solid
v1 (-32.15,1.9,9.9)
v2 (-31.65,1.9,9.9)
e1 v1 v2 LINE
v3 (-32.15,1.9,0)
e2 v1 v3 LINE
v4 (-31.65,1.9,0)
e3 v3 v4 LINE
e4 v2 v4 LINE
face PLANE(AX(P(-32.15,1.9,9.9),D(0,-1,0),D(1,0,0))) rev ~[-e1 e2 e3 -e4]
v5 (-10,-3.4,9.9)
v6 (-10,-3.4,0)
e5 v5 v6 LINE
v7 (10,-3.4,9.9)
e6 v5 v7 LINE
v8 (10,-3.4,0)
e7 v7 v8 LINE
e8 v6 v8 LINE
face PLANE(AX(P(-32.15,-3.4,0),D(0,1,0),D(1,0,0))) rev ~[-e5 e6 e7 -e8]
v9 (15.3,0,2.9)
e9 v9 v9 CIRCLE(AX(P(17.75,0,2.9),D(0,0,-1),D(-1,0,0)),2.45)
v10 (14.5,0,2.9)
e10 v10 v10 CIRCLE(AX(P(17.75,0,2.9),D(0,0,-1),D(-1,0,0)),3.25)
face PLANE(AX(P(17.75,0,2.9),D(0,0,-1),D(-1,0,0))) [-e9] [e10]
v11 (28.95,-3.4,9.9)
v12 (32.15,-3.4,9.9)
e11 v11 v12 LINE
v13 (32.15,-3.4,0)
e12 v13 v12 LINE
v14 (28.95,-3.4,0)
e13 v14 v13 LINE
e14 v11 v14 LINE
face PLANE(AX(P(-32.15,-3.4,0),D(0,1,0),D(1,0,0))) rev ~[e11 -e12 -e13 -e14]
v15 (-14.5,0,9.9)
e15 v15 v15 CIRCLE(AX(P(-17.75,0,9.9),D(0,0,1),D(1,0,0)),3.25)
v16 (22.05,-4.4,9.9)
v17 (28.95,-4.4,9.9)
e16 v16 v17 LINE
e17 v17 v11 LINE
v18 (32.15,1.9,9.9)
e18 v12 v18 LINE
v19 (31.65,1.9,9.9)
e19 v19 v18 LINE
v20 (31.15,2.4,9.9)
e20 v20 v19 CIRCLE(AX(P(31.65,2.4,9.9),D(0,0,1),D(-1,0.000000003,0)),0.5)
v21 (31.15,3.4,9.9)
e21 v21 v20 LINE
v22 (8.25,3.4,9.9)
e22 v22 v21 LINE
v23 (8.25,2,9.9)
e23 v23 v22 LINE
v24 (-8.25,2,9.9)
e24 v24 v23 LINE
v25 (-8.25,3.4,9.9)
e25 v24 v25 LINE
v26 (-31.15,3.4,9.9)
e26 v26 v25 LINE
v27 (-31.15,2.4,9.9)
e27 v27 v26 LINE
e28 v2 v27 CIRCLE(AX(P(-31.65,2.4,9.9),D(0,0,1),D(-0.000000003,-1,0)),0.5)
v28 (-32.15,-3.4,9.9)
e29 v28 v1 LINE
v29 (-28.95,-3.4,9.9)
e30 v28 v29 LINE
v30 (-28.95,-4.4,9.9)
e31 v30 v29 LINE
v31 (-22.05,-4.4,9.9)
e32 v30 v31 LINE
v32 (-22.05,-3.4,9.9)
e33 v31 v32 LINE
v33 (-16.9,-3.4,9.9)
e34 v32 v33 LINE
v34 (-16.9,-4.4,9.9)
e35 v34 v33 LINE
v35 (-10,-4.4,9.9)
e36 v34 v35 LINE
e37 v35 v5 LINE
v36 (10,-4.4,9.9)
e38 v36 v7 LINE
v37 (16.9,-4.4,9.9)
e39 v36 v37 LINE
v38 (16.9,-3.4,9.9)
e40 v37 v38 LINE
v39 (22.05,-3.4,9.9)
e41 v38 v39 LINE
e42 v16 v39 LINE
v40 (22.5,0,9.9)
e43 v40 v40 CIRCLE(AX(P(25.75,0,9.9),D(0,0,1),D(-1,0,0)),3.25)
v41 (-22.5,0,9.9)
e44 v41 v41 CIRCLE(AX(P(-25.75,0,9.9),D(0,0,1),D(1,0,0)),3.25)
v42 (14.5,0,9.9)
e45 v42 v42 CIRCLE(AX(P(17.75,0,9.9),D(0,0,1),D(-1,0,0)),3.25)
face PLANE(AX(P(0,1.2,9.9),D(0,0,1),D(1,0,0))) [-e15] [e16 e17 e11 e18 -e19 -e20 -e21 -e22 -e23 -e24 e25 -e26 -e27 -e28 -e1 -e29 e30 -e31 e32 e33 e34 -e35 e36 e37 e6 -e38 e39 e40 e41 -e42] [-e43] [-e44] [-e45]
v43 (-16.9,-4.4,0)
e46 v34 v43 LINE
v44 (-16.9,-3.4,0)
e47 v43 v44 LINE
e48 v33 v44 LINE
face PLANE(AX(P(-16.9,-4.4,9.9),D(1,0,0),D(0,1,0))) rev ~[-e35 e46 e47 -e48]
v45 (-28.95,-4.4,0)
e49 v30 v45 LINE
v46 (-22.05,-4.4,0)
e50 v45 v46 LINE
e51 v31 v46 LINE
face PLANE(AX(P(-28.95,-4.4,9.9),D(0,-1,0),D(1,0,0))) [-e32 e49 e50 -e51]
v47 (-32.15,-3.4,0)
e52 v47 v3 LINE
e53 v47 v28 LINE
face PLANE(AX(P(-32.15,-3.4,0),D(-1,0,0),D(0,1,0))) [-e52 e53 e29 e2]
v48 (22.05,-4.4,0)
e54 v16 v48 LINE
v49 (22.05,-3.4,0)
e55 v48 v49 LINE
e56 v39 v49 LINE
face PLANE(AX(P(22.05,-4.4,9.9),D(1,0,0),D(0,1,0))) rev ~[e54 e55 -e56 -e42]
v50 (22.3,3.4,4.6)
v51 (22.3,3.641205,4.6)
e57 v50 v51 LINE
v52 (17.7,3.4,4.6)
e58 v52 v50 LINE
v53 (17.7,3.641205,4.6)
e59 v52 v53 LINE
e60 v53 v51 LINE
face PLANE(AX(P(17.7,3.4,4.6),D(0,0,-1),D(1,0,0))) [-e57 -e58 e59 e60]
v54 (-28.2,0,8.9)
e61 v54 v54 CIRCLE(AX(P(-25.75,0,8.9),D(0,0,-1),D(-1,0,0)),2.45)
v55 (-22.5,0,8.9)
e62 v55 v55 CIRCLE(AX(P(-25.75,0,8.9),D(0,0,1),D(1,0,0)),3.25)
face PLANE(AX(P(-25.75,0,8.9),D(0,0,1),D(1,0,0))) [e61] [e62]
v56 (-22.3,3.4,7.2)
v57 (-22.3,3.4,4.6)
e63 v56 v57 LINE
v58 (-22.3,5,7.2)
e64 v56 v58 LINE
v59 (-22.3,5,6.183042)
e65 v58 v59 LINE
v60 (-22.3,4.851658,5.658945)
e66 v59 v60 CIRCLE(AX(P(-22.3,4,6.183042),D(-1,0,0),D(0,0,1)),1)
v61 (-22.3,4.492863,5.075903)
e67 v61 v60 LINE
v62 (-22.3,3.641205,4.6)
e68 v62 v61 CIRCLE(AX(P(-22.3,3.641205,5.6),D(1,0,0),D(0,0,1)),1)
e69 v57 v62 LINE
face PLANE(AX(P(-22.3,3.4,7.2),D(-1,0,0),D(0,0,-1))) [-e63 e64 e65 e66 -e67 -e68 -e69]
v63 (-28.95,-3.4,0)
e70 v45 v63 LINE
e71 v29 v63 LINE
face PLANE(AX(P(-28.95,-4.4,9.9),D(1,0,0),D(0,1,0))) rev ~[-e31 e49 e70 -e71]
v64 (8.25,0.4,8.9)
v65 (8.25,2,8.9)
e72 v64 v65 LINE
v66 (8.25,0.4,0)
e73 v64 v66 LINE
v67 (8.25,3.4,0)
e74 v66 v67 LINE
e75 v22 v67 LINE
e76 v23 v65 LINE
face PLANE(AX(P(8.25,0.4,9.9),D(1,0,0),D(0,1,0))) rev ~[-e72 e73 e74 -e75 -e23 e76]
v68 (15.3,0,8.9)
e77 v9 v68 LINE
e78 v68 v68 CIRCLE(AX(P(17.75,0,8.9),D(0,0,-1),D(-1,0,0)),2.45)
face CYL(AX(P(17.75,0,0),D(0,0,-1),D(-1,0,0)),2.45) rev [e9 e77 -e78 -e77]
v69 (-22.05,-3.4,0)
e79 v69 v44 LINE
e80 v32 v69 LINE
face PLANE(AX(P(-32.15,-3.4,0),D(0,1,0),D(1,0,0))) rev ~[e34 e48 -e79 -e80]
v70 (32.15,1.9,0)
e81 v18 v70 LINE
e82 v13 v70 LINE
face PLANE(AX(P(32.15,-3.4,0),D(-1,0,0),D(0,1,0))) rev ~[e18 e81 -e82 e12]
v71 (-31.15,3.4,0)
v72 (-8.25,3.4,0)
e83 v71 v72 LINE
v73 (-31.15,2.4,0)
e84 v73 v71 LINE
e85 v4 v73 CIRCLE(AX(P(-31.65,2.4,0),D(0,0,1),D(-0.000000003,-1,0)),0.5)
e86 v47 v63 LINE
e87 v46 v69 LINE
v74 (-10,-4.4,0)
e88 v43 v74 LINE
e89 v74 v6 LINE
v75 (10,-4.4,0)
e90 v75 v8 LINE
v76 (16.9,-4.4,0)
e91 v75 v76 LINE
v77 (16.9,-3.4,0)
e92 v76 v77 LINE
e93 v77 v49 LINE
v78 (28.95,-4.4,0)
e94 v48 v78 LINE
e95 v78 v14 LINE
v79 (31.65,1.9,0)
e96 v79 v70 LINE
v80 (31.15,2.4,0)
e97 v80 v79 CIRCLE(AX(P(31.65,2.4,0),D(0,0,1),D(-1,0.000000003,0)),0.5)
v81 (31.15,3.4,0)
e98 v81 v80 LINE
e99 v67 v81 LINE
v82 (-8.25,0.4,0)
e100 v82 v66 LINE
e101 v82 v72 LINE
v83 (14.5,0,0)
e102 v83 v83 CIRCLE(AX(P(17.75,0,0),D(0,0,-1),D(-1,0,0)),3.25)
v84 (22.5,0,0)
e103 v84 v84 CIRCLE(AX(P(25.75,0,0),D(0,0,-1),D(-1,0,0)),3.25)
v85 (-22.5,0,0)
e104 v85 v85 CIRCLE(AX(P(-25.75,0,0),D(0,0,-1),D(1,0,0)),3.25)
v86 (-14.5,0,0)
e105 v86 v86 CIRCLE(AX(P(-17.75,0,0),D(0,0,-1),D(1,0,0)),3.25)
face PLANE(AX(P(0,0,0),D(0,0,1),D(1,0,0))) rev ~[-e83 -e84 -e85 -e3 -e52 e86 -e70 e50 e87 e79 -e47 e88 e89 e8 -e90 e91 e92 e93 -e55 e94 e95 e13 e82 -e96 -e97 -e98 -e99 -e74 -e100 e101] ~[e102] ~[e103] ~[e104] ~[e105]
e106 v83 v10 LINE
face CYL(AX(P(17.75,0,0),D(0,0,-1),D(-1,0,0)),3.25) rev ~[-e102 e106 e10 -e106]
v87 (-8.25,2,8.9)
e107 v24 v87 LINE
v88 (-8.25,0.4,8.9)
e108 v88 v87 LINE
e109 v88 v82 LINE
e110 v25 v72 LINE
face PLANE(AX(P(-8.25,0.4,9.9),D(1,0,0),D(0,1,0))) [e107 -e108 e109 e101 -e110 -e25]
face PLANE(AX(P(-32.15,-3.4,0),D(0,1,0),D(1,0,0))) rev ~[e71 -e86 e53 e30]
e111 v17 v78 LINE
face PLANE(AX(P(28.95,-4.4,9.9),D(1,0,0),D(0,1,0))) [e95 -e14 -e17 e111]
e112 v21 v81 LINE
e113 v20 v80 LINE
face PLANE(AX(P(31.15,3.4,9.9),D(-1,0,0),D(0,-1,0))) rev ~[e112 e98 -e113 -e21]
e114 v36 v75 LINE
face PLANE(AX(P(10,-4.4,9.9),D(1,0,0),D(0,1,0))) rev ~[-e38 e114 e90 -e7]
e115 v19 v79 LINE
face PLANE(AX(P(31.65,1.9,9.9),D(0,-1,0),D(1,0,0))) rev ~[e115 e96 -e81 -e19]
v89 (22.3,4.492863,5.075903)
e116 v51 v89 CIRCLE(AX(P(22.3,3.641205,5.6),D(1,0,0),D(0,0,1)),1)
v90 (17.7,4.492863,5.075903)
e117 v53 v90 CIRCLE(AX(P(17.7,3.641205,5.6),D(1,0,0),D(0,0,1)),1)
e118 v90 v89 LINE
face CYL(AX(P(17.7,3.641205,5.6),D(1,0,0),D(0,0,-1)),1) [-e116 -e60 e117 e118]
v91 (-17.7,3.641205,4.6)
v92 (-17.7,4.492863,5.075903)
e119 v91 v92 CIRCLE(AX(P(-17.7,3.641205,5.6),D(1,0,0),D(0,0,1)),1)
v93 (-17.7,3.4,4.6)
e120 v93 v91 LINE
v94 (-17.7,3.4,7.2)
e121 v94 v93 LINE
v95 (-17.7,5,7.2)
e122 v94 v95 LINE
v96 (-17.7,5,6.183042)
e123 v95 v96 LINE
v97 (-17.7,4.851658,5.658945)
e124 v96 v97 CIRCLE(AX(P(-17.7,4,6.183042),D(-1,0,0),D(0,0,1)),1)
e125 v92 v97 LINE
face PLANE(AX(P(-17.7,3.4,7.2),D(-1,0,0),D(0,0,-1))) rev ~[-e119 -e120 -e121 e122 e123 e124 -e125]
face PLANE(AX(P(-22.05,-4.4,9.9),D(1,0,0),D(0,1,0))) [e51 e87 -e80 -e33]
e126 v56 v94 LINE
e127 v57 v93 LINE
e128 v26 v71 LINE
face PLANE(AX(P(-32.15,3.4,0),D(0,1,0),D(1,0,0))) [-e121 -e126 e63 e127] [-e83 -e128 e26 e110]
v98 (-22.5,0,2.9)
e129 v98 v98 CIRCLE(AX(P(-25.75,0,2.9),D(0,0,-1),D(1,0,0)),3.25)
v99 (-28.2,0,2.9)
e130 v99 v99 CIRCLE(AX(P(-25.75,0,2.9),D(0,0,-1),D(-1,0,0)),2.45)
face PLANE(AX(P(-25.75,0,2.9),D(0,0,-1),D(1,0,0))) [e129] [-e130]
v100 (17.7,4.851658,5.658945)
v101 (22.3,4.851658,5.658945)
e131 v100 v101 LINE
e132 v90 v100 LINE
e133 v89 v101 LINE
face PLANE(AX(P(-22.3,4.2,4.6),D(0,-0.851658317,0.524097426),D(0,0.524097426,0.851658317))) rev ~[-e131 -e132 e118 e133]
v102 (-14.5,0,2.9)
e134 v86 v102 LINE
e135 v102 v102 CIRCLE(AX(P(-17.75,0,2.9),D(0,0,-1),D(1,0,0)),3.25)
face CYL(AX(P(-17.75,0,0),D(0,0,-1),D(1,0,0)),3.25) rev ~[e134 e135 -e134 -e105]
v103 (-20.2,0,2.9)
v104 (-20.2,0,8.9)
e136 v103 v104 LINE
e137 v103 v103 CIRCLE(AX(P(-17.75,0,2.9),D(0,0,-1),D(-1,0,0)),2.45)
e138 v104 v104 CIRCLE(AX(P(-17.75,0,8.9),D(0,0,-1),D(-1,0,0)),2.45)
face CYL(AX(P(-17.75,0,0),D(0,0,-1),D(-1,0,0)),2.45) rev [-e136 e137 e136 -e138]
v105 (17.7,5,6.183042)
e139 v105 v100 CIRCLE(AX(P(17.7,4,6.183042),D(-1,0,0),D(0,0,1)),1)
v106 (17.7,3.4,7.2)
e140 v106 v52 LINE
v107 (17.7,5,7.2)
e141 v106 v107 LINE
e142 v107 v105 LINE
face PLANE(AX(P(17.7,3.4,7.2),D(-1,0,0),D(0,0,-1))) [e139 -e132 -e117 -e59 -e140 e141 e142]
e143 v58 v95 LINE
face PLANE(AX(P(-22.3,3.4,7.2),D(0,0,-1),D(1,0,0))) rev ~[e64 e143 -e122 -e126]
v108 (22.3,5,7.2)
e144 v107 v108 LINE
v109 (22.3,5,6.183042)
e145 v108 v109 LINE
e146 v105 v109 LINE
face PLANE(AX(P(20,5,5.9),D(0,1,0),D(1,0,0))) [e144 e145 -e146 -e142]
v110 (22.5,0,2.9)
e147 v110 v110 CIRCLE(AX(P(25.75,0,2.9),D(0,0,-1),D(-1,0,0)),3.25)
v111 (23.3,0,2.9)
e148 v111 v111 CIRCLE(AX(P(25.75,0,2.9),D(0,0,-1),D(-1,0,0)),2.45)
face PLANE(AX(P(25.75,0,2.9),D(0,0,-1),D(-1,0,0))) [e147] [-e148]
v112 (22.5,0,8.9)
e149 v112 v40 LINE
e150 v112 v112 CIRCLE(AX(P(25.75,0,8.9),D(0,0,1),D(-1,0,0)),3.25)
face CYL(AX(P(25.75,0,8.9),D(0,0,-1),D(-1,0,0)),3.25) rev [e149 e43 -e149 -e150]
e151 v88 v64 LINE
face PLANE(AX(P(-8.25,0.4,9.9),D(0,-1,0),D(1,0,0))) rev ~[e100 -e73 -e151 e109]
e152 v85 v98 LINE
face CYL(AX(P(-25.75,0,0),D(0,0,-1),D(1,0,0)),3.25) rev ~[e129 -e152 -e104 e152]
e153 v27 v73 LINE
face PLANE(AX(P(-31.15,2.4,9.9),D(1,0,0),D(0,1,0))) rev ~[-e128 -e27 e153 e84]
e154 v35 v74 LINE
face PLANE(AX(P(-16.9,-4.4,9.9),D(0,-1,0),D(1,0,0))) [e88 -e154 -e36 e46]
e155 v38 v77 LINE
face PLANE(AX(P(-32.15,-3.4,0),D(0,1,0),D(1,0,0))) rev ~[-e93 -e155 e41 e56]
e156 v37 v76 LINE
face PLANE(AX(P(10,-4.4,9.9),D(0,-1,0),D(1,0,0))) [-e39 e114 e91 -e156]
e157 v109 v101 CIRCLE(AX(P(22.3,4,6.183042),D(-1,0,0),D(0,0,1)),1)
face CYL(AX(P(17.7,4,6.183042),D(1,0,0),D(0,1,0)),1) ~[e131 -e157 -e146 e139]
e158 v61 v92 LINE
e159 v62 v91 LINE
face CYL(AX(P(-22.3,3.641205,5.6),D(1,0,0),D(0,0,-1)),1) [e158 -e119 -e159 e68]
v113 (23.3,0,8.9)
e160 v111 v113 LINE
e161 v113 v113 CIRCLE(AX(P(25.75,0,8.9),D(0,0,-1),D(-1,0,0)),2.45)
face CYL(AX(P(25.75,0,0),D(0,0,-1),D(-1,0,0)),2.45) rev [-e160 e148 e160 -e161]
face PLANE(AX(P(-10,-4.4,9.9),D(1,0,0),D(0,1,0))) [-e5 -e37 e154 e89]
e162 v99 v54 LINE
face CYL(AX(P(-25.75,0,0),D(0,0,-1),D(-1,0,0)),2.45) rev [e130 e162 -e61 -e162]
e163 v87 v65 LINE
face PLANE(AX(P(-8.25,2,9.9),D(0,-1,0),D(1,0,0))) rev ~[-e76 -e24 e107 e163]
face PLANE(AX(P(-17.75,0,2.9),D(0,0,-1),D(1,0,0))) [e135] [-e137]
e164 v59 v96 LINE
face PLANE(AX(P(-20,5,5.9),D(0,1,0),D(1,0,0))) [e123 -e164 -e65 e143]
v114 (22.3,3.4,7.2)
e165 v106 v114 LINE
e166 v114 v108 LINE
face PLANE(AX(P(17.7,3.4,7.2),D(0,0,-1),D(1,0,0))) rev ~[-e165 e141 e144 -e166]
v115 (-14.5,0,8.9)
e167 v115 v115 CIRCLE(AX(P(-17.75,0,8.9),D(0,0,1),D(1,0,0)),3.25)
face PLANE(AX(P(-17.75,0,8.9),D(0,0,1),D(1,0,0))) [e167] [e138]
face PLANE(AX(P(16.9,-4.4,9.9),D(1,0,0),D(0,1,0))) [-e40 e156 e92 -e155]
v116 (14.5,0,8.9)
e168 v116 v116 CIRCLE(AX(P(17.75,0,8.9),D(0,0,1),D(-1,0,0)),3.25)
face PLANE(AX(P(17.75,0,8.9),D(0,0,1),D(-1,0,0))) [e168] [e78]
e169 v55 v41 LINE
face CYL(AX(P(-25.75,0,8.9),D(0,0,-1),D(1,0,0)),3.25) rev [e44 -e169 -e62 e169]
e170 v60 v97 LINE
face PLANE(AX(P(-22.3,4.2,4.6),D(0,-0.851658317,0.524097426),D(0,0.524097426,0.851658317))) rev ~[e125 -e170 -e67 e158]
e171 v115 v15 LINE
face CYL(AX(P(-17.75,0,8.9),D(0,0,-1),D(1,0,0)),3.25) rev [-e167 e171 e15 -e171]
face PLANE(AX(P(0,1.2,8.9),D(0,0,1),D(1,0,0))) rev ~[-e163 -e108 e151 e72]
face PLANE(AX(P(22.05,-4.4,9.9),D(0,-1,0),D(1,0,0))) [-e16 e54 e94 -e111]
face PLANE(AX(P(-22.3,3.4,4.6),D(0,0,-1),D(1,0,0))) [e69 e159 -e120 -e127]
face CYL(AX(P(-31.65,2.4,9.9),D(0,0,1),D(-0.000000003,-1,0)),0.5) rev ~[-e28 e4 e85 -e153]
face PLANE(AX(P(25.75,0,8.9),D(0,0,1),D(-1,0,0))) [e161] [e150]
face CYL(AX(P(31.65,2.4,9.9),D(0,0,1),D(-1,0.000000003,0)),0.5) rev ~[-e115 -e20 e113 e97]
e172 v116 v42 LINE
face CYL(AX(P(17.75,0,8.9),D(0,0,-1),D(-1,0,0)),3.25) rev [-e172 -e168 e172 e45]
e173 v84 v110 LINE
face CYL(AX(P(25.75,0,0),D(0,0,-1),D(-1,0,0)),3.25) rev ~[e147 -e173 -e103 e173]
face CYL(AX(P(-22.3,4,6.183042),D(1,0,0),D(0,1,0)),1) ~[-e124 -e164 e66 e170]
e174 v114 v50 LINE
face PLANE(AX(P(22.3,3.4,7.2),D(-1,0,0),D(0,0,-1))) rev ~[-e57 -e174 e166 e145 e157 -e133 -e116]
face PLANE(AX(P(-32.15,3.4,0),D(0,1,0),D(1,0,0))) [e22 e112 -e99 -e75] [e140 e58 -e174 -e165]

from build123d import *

# Parameters (mm, degrees)
SKETCH1_W           = 64.3
SKETCH1_H           = 6.8
SKETCH1_R           = 2.45
BOSS_EXTRUDE2_DEPTH = 9.9
SKETCH2_R           = 3.25
CUT_EXTRUDE1_DEPTH  = 2.9
CUT_EXTRUDE2_DEPTH  = 11
SKETCH7_W           = 6.9
SKETCH7_H           = 1
BOSS_EXTRUDE3_DEPTH = 9.9
SKETCH8_W           = 16.5
SKETCH8_H           = 6
CUT_EXTRUDE3_DEPTH  = 12
SKETCH9_W           = 16.5
SKETCH9_H           = 1.6
BOSS_EXTRUDE4_DEPTH = 1
SKETCH10_W          = 4.6
SKETCH10_H          = 2.6
BOSS_EXTRUDE5_DEPTH = 1.6
CUT_EXTRUDE4_REACH  = 57.568
FILLET1_R           = 1
CUT_EXTRUDE6_START  = -1
SKETCH13_R          = 3.25
CUT_EXTRUDE6_DEPTH  = 1


with BuildPart() as part:
    # Sketch1 → Boss-Extrude2 (new body)
    with BuildSketch(Plane.XY):
        Rectangle(SKETCH1_W, SKETCH1_H)
        with Locations(Location((-17.75, 0, 0), (0, 0, 180))):
            Circle(SKETCH1_R, mode=Mode.SUBTRACT)
        with Locations(Location((-25.75, 0, 0), (0, 0, 180))):
            Circle(SKETCH1_R, mode=Mode.SUBTRACT)
        with Locations(Location((17.75, 0, 0), (0, 0, 180))):
            Circle(SKETCH1_R, mode=Mode.SUBTRACT)
        with Locations(Location((25.75, 0, 0), (0, 0, 180))):
            Circle(SKETCH1_R, mode=Mode.SUBTRACT)
    extrude(amount=BOSS_EXTRUDE2_DEPTH)

    # Sketch2 → Cut-Extrude1 (cut)
    with BuildSketch(Plane(origin=(0, 0, 0), x_dir=(-1, 0, 0), z_dir=(0, 0, -1))):
        with Locations((-25.75, 0)):
            Circle(SKETCH2_R)
        with Locations((-17.75, 0)):
            Circle(SKETCH2_R)
        with Locations(Location((17.75, 0, 0), (0, 0, 180))):
            Circle(SKETCH2_R)
        with Locations(Location((25.75, 0, 0), (0, 0, 180))):
            Circle(SKETCH2_R)
    extrude(amount=-CUT_EXTRUDE1_DEPTH, mode=Mode.SUBTRACT)

    # Sketch5 → Cut-Extrude2 (cut)
    with BuildSketch(Plane.XY.offset(9.9)):
        with BuildLine():
            Line((32.15, 3.4), (31.15, 3.4))
            Line((31.15, 3.4), (31.15, 2.4))
            ThreePointArc((31.15, 2.4), (31.296446609, 2.046446609), (31.65, 1.9))
            Line((31.65, 1.9), (32.15, 1.9))
            Line((32.15, 1.9), (32.15, 3.4))
        make_face()
        with BuildLine():
            Line((-32.15, 3.4), (-32.15, 1.9))
            Line((-32.15, 1.9), (-31.65, 1.9))
            ThreePointArc((-31.65, 1.9), (-31.296446609, 2.046446609), (-31.15, 2.4))
            Line((-31.15, 2.4), (-31.15, 3.4))
            Line((-31.15, 3.4), (-32.15, 3.4))
        make_face()
    extrude(amount=-CUT_EXTRUDE2_DEPTH, mode=Mode.SUBTRACT)

    # Sketch7 → Boss-Extrude3 (add)
    with BuildSketch(Plane.XY.offset(9.9)):
        with Locations((-25.5, -3.9)):
            Rectangle(SKETCH7_W, SKETCH7_H)
        with Locations((-13.45, -3.9)):
            Rectangle(SKETCH7_W, SKETCH7_H)
        with Locations((13.45, -3.9)):
            Rectangle(SKETCH7_W, SKETCH7_H)
        with Locations((25.5, -3.9)):
            Rectangle(SKETCH7_W, SKETCH7_H)
    extrude(amount=-BOSS_EXTRUDE3_DEPTH)

    # Sketch8 → Cut-Extrude3 (cut)
    with BuildSketch(Plane.XY.offset(9.9)):
        with Locations((0, 3.4)):
            Rectangle(SKETCH8_W, SKETCH8_H)
    extrude(amount=-CUT_EXTRUDE3_DEPTH, mode=Mode.SUBTRACT)

    # Sketch9 → Boss-Extrude4 (add)
    with BuildSketch(Plane.XY.offset(9.9)):
        with Locations((0, 1.2)):
            Rectangle(SKETCH9_W, SKETCH9_H)
    extrude(amount=-BOSS_EXTRUDE4_DEPTH)

    # Sketch10 → Boss-Extrude5 (add)
    with BuildSketch(Plane(origin=(0, 3.4, 0), x_dir=(1, 0, 0), z_dir=(0, 1, 0))):
        with Locations((-20, -5.9)):
            Rectangle(SKETCH10_W, SKETCH10_H)
        with Locations((20, -5.9)):
            Rectangle(SKETCH10_W, SKETCH10_H)
    extrude(amount=BOSS_EXTRUDE5_DEPTH)

    # Cut-Extrude4: up to this face of the body (flat: up to its plane)
    cut_extrude4_end = Plane(part.part.faces().sort_by_distance((22.3, 4.2, 5.9))[0])
    # Sketch11 → Cut-Extrude4 (cut, up to the picked face)
    with BuildSketch(Plane.ZY.offset(22.3), mode=Mode.PRIVATE) as cut_extrude4_sk1:
        Polygon((4.6, 4.2), (5.9, 5), (4.6, 5), align=None)
    cut_extrude4_tool1 = split(extrude(cut_extrude4_sk1.sketch, amount=-CUT_EXTRUDE4_REACH, mode=Mode.PRIVATE), bisect_by=cut_extrude4_end, keep=Keep.BOTH, mode=Mode.PRIVATE)
    add(cut_extrude4_tool1.solids().sort_by(Axis((-22.3, 4.733333, 5.033333), (1, 0, 0)))[0], mode=Mode.SUBTRACT)

    # Fillet1
    fillet1_edges = [part.edges().sort_by_distance(p)[0] for p in [
        (-20, 5, 5.9),
        (-20, 4.2, 4.6),
        (20, 5, 5.9),
        (20, 4.2, 4.6),
    ]]
    fillet(fillet1_edges, radius=FILLET1_R)

    # Sketch13 → Cut-Extrude6 (cut)
    with BuildSketch(Plane.XY.offset(9.9).offset(CUT_EXTRUDE6_START)):
        with Locations((-25.75, 0)):
            Circle(SKETCH13_R)
        with Locations((-17.75, 0)):
            Circle(SKETCH13_R)
        with Locations(Location((25.75, 0, 0), (0, 0, 180))):
            Circle(SKETCH13_R)
        with Locations(Location((17.75, 0, 0), (0, 0, 180))):
            Circle(SKETCH13_R)
    extrude(amount=CUT_EXTRUDE6_DEPTH, mode=Mode.SUBTRACT)


solid = part.part
